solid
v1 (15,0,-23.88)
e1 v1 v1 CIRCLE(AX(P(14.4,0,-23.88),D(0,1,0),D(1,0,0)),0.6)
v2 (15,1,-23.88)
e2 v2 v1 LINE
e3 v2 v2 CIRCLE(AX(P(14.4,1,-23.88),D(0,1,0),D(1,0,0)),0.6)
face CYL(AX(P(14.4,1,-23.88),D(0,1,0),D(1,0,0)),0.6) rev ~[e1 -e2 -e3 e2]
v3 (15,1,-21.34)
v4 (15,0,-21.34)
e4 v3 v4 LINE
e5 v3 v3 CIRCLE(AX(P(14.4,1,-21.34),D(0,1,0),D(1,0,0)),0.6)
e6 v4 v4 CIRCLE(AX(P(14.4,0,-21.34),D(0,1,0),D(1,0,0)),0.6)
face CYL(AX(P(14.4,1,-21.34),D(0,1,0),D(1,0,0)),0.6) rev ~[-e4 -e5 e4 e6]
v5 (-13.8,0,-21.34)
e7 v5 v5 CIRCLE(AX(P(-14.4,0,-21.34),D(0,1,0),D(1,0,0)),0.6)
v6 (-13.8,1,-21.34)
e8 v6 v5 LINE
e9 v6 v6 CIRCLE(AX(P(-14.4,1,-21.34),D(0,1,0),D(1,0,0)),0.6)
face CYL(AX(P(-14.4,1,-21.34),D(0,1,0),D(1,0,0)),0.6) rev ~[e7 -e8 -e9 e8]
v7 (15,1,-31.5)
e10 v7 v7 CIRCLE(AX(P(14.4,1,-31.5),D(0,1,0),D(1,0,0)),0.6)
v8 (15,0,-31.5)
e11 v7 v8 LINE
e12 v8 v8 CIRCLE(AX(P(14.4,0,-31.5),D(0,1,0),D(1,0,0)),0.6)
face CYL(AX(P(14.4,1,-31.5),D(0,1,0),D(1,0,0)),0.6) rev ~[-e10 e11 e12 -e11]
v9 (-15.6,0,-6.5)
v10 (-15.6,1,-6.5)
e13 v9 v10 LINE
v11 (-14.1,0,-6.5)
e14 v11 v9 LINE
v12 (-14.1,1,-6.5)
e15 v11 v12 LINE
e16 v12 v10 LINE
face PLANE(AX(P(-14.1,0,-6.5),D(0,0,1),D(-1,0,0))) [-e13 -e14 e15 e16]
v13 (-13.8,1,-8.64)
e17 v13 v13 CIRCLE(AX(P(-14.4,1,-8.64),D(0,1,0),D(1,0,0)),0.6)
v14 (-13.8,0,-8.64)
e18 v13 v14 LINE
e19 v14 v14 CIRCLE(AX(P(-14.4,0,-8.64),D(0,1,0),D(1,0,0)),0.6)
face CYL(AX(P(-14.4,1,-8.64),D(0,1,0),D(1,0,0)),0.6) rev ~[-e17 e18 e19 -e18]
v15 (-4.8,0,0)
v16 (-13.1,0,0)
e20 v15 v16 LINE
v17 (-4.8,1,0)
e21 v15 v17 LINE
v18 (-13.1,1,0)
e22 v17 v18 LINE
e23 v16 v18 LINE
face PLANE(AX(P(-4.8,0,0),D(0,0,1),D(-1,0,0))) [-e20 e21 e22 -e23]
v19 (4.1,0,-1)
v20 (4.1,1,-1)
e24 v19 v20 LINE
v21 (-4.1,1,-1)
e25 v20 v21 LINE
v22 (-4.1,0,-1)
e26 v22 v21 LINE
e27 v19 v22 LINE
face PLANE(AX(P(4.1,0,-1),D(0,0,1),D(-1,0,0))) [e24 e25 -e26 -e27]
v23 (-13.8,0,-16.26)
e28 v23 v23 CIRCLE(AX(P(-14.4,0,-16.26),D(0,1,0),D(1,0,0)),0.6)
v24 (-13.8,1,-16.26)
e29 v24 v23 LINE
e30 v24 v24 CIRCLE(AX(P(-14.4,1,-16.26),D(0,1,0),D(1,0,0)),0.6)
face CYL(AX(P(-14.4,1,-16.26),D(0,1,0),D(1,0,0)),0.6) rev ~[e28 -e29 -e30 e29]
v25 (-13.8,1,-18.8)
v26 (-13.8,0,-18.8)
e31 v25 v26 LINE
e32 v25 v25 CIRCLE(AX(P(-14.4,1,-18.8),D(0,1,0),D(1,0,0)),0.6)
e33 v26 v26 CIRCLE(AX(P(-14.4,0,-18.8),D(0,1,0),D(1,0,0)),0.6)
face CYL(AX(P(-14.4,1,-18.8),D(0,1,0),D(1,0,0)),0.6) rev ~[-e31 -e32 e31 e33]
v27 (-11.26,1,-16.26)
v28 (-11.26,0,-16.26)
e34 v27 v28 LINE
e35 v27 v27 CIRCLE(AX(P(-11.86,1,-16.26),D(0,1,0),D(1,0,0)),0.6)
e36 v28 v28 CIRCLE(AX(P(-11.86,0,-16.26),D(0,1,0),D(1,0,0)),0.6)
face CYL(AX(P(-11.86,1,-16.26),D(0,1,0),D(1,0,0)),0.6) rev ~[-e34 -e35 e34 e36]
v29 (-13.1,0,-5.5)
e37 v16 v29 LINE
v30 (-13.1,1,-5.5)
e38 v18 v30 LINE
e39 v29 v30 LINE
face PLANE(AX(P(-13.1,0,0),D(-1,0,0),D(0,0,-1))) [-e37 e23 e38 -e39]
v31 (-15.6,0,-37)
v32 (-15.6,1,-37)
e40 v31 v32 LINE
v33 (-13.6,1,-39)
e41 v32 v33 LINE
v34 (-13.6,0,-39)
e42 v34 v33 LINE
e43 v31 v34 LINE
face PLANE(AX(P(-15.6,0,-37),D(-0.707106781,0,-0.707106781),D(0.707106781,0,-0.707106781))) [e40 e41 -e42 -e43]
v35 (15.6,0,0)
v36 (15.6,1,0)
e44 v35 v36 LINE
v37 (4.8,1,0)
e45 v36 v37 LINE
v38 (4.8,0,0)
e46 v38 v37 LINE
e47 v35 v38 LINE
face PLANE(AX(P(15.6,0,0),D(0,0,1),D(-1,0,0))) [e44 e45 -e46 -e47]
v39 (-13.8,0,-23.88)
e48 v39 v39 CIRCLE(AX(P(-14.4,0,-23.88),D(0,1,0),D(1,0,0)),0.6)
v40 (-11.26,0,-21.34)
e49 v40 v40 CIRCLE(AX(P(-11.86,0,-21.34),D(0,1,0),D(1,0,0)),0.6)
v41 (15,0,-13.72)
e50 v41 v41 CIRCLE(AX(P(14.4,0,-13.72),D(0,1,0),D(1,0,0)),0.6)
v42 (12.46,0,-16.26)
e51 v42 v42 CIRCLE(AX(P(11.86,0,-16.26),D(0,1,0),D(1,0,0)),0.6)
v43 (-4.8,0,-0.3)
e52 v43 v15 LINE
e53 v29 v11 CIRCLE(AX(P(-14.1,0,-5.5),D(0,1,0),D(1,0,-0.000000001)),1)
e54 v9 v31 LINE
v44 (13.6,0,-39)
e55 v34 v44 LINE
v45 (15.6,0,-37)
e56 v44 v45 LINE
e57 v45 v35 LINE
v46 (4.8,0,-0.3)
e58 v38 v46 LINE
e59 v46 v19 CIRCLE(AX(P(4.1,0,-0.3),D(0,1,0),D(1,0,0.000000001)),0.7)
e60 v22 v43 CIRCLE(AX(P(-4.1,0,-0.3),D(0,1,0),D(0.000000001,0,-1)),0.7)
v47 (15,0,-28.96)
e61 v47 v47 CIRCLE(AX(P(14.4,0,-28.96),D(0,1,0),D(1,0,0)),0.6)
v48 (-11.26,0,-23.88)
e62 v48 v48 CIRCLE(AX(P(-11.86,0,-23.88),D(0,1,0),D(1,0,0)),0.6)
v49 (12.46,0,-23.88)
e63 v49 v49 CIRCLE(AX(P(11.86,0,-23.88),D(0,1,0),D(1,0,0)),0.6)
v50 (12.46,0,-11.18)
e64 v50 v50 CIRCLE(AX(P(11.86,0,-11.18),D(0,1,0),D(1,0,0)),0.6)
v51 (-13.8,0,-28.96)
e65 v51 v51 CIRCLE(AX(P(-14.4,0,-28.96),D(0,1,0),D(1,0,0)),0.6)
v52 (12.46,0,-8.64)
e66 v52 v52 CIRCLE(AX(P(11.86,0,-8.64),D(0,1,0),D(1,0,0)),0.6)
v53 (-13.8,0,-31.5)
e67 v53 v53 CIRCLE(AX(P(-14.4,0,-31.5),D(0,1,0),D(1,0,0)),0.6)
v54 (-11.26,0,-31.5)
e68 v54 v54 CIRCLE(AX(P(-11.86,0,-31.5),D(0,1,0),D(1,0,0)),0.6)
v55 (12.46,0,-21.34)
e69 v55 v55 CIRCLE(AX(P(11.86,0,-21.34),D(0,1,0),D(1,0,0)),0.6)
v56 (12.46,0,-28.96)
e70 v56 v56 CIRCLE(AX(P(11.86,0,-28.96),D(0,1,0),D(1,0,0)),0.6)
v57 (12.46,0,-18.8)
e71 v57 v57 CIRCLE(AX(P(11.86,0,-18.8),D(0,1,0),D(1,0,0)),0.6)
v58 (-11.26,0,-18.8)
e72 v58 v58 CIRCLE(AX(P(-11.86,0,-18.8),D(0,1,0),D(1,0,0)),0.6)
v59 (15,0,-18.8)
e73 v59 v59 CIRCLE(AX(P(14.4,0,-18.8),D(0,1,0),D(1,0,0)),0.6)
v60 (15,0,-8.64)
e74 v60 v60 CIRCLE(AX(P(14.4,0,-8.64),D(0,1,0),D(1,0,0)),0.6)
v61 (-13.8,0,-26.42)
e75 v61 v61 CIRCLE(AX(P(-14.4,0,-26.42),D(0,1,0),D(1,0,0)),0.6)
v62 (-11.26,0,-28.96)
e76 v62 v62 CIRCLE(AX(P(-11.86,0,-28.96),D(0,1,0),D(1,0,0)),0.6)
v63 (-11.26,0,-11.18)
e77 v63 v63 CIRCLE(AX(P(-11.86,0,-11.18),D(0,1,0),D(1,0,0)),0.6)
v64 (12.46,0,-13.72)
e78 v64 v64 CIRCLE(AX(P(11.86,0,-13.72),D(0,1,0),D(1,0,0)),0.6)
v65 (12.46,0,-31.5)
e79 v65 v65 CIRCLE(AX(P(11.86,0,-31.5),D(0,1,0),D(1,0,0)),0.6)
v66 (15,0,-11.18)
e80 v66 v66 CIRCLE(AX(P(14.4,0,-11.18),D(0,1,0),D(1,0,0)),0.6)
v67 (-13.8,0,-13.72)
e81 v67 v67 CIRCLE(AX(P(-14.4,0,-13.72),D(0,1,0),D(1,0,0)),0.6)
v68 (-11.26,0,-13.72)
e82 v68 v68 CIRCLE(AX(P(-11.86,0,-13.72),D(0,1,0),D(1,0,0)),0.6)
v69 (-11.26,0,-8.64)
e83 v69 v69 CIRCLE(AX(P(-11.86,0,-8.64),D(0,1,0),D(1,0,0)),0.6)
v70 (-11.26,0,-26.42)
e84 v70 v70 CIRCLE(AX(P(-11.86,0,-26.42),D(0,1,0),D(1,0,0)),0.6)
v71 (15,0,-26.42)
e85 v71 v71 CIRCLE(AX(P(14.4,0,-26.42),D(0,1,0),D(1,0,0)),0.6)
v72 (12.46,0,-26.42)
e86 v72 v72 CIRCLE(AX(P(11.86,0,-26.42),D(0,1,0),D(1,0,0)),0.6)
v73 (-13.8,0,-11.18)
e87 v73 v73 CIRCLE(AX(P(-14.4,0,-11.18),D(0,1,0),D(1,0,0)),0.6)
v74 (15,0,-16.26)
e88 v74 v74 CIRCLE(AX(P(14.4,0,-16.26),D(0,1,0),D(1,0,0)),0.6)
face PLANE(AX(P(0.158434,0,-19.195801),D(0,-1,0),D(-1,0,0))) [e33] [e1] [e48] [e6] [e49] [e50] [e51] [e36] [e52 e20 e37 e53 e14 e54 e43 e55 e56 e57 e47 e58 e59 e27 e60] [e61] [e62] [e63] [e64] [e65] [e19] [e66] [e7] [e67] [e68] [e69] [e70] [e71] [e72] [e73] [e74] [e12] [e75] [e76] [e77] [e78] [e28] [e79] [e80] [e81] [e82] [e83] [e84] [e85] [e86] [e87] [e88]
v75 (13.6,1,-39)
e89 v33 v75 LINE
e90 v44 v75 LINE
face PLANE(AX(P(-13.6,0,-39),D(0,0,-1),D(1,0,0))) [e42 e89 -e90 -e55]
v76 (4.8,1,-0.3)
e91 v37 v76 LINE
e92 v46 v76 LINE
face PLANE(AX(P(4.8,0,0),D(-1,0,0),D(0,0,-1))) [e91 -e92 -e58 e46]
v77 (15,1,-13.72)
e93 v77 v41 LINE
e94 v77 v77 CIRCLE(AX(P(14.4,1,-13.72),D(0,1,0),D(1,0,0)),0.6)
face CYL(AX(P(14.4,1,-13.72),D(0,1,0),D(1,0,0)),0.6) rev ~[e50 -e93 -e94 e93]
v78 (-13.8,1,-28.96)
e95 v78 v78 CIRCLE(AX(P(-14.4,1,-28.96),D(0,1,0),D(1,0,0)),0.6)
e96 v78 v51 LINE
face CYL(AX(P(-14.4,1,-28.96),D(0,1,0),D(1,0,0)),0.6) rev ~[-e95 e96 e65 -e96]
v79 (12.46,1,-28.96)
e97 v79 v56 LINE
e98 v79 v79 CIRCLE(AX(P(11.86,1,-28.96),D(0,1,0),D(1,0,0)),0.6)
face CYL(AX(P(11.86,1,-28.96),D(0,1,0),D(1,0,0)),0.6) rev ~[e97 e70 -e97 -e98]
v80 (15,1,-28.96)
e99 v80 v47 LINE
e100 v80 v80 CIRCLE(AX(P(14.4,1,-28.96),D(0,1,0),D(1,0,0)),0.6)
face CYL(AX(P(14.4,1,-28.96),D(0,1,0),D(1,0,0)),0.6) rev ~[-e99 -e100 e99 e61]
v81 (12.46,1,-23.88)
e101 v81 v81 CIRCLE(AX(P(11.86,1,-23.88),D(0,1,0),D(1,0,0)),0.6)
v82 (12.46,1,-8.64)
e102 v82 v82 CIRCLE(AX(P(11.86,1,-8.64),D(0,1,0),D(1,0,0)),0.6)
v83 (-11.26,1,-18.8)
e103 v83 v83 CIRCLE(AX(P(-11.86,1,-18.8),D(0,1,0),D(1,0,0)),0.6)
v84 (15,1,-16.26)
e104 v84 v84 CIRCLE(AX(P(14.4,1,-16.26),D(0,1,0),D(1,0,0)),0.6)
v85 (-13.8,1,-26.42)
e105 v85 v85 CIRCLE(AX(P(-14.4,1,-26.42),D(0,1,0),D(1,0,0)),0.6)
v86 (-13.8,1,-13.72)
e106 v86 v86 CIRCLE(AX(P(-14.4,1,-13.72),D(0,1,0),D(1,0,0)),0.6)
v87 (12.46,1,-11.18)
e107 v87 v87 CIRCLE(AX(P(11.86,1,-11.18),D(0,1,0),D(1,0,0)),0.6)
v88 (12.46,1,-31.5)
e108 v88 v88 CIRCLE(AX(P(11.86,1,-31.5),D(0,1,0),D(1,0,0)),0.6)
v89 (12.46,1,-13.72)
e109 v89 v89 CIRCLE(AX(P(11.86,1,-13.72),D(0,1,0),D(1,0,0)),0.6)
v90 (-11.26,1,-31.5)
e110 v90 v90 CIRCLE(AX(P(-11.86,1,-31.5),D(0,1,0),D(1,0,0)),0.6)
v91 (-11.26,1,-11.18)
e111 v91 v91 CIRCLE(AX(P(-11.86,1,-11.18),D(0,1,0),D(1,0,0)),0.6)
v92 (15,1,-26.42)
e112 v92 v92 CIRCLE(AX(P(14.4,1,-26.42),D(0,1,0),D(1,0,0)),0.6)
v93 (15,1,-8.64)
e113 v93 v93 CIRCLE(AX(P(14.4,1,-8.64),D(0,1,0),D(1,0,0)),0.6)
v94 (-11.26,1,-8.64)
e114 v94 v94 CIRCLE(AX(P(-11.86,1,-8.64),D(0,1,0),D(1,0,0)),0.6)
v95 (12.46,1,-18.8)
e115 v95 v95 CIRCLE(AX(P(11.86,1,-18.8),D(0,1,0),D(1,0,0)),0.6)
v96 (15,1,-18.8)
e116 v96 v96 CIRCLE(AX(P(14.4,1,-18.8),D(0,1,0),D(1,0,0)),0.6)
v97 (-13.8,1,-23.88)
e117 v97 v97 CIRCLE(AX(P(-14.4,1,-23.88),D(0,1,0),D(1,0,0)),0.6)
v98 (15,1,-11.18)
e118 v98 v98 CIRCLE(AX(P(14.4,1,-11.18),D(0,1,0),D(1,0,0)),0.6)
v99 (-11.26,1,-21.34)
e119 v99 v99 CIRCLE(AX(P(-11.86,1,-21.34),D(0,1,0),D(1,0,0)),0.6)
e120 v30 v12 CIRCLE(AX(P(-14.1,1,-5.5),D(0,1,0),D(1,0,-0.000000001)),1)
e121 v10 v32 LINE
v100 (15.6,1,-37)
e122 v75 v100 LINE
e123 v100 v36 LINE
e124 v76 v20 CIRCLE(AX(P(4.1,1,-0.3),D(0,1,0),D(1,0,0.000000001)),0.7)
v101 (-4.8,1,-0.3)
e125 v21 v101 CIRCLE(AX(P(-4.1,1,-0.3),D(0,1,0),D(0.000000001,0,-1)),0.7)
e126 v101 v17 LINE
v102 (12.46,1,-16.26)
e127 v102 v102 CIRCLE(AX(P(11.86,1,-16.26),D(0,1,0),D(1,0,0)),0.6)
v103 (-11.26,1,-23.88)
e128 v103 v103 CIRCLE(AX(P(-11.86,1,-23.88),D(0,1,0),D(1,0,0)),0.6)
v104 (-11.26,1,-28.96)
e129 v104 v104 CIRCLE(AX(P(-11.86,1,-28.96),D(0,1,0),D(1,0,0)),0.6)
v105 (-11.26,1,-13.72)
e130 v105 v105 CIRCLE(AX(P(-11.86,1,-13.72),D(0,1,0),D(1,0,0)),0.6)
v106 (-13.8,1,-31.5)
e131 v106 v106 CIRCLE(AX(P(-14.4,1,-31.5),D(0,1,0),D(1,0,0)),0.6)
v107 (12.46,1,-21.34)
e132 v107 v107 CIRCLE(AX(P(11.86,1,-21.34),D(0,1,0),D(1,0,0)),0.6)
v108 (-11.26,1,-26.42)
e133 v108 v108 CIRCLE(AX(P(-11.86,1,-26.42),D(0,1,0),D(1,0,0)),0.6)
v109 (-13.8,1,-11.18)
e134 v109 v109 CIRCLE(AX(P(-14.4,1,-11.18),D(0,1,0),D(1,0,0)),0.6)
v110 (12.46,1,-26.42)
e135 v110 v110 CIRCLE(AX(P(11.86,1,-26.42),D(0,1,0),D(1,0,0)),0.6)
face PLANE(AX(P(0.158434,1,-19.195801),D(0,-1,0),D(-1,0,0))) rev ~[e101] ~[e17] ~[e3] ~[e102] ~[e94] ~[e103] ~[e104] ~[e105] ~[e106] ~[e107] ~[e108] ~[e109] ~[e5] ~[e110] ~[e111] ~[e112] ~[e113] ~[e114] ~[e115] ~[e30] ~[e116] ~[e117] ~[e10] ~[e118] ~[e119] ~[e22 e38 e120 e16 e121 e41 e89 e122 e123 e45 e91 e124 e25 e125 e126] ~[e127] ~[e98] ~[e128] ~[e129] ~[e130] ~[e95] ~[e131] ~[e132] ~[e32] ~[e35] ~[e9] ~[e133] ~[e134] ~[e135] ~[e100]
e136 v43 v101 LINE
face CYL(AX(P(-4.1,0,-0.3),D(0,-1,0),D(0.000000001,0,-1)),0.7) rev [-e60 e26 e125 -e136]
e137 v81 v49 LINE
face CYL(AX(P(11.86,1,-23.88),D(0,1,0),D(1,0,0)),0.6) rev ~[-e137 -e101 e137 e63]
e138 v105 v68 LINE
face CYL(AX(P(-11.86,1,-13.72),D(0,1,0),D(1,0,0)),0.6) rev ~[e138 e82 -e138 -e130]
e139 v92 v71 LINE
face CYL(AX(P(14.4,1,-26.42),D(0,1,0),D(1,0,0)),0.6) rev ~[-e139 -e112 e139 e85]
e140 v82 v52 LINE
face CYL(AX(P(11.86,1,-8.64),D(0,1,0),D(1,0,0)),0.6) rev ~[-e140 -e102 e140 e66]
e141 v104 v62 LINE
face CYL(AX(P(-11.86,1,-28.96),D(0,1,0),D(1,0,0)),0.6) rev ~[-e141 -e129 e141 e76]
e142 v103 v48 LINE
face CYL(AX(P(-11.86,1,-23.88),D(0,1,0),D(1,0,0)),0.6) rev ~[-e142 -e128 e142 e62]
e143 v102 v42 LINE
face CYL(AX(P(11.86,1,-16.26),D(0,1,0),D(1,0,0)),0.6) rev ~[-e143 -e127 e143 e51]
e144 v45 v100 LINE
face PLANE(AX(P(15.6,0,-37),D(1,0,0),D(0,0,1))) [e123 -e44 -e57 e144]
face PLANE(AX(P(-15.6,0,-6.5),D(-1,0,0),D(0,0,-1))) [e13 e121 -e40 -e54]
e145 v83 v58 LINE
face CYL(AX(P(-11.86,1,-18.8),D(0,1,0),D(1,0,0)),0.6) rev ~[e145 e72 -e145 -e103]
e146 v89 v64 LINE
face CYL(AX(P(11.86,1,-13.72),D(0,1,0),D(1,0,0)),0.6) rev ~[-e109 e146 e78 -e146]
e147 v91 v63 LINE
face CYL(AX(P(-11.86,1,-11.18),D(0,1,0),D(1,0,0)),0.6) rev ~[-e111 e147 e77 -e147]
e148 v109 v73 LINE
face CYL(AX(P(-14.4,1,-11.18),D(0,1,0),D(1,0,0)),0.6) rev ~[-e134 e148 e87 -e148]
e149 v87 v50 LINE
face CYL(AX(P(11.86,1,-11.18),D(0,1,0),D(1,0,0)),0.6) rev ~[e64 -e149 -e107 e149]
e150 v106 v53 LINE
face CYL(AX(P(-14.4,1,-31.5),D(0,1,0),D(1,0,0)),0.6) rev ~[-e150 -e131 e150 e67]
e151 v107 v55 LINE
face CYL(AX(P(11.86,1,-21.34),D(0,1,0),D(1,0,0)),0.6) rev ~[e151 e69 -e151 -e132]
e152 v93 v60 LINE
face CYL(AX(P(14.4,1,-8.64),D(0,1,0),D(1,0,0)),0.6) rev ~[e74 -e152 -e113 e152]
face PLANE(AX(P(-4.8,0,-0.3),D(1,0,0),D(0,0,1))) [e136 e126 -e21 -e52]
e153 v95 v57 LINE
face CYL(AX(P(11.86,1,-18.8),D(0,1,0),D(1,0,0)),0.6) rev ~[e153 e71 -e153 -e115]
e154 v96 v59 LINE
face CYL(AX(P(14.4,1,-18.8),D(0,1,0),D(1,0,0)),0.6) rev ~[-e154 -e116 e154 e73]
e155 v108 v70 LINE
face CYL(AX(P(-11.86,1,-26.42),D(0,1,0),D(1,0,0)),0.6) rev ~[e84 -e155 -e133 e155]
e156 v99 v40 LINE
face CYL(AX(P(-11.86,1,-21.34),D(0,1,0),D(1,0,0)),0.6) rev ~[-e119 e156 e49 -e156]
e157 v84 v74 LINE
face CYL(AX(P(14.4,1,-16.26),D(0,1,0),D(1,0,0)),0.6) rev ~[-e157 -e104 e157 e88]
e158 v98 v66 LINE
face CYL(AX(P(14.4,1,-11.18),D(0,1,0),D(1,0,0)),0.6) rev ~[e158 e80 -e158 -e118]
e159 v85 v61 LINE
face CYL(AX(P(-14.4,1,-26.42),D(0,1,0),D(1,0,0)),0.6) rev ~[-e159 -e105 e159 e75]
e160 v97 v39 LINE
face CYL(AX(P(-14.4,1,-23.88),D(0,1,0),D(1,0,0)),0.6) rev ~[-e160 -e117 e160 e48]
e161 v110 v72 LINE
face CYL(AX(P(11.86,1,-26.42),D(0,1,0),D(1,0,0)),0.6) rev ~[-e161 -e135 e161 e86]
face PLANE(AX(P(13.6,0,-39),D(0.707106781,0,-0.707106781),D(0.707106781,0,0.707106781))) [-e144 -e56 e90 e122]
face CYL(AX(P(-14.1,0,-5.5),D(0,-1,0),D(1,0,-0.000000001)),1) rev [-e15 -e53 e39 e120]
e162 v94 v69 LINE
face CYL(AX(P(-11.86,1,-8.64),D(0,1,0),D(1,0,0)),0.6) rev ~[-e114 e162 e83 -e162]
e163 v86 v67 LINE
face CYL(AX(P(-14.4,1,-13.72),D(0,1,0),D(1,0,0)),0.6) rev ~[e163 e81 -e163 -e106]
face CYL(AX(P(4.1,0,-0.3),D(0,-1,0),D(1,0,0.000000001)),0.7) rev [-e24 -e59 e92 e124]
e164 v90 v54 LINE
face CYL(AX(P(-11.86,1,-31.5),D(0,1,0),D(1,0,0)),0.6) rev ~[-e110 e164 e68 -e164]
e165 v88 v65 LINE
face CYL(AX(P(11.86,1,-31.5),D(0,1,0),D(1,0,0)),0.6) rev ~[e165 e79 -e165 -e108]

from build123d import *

# Parameters (mm, degrees)
BOSS_EXTRU_1_DEPTH      = 1
ESQUISSE2_R             = 0.6
ENL_V_MAT_EXTRU_1_DEPTH = 1


with BuildPart() as part:
    # Esquisse1 → Boss.-Extru.1 (new body)
    with BuildSketch(Plane(origin=(0, 0, 0), x_dir=(1, 0, 0), z_dir=(0, 1, 0))):
        with BuildLine():
            Line((-13.1, 0), (-13.1, 5.5))
            ThreePointArc((-13.1, 5.5), (-13.392893219, 6.207106781), (-14.1, 6.5))
            Line((-14.1, 6.5), (-15.6, 6.5))
            Line((-15.6, 6.5), (-15.6, 37))
            Line((-15.6, 37), (-13.6, 39))
            Line((-13.6, 39), (13.6, 39))
            Line((13.6, 39), (15.6, 37))
            Line((15.6, 37), (15.6, 0))
            Line((15.6, 0), (4.8, 0))
            Line((4.8, 0), (4.8, 0.3))
            ThreePointArc((4.8, 0.3), (4.594974747, 0.794974747), (4.1, 1))
            Line((4.1, 1), (-4.1, 1))
            ThreePointArc((-4.1, 1), (-4.594974747, 0.794974747), (-4.8, 0.3))
            Line((-4.8, 0.3), (-4.8, 0))
            Line((-4.8, 0), (-13.1, 0))
        make_face()
    extrude(amount=BOSS_EXTRU_1_DEPTH)

    # Esquisse2 → Enlèv. mat.-Extru.1 (cut)
    with BuildSketch(Plane(origin=(0, 1, 0), x_dir=(1, 0, 0), z_dir=(0, 1, 0))):
        with Locations((14.4, 31.5)):
            Circle(ESQUISSE2_R)
        with Locations((11.86, 31.5)):
            Circle(ESQUISSE2_R)
        with Locations((11.86, 28.96)):
            Circle(ESQUISSE2_R)
        with Locations((11.86, 26.42)):
            Circle(ESQUISSE2_R)
        with Locations((11.86, 23.88)):
            Circle(ESQUISSE2_R)
        with Locations((11.86, 21.34)):
            Circle(ESQUISSE2_R)
        with Locations((11.86, 18.8)):
            Circle(ESQUISSE2_R)
        with Locations((11.86, 16.26)):
            Circle(ESQUISSE2_R)
        with Locations((11.86, 13.72)):
            Circle(ESQUISSE2_R)
        with Locations((11.86, 11.18)):
            Circle(ESQUISSE2_R)
        with Locations((11.86, 8.64)):
            Circle(ESQUISSE2_R)
        with Locations((14.4, 28.96)):
            Circle(ESQUISSE2_R)
        with Locations((14.4, 26.42)):
            Circle(ESQUISSE2_R)
        with Locations((14.4, 23.88)):
            Circle(ESQUISSE2_R)
        with Locations((14.4, 21.34)):
            Circle(ESQUISSE2_R)
        with Locations((14.4, 18.8)):
            Circle(ESQUISSE2_R)
        with Locations((14.4, 16.26)):
            Circle(ESQUISSE2_R)
        with Locations((14.4, 13.72)):
            Circle(ESQUISSE2_R)
        with Locations((14.4, 11.18)):
            Circle(ESQUISSE2_R)
        with Locations((14.4, 8.64)):
            Circle(ESQUISSE2_R)
        with Locations((-14.4, 8.64)):
            Circle(ESQUISSE2_R)
        with Locations((-14.4, 11.18)):
            Circle(ESQUISSE2_R)
        with Locations((-14.4, 13.72)):
            Circle(ESQUISSE2_R)
        with Locations((-14.4, 16.26)):
            Circle(ESQUISSE2_R)
        with Locations((-14.4, 18.8)):
            Circle(ESQUISSE2_R)
        with Locations((-14.4, 21.34)):
            Circle(ESQUISSE2_R)
        with Locations((-14.4, 23.88)):
            Circle(ESQUISSE2_R)
        with Locations((-14.4, 26.42)):
            Circle(ESQUISSE2_R)
        with Locations((-14.4, 28.96)):
            Circle(ESQUISSE2_R)
        with Locations((-11.86, 8.64)):
            Circle(ESQUISSE2_R)
        with Locations((-11.86, 11.18)):
            Circle(ESQUISSE2_R)
        with Locations((-11.86, 13.72)):
            Circle(ESQUISSE2_R)
        with Locations((-11.86, 16.26)):
            Circle(ESQUISSE2_R)
        with Locations((-11.86, 18.8)):
            Circle(ESQUISSE2_R)
        with Locations((-11.86, 21.34)):
            Circle(ESQUISSE2_R)
        with Locations((-11.86, 23.88)):
            Circle(ESQUISSE2_R)
        with Locations((-11.86, 26.42)):
            Circle(ESQUISSE2_R)
        with Locations((-11.86, 28.96)):
            Circle(ESQUISSE2_R)
        with Locations((-11.86, 31.5)):
            Circle(ESQUISSE2_R)
        with Locations((-14.4, 31.5)):
            Circle(ESQUISSE2_R)
    extrude(amount=-ENL_V_MAT_EXTRU_1_DEPTH, mode=Mode.SUBTRACT)


solid = part.part
